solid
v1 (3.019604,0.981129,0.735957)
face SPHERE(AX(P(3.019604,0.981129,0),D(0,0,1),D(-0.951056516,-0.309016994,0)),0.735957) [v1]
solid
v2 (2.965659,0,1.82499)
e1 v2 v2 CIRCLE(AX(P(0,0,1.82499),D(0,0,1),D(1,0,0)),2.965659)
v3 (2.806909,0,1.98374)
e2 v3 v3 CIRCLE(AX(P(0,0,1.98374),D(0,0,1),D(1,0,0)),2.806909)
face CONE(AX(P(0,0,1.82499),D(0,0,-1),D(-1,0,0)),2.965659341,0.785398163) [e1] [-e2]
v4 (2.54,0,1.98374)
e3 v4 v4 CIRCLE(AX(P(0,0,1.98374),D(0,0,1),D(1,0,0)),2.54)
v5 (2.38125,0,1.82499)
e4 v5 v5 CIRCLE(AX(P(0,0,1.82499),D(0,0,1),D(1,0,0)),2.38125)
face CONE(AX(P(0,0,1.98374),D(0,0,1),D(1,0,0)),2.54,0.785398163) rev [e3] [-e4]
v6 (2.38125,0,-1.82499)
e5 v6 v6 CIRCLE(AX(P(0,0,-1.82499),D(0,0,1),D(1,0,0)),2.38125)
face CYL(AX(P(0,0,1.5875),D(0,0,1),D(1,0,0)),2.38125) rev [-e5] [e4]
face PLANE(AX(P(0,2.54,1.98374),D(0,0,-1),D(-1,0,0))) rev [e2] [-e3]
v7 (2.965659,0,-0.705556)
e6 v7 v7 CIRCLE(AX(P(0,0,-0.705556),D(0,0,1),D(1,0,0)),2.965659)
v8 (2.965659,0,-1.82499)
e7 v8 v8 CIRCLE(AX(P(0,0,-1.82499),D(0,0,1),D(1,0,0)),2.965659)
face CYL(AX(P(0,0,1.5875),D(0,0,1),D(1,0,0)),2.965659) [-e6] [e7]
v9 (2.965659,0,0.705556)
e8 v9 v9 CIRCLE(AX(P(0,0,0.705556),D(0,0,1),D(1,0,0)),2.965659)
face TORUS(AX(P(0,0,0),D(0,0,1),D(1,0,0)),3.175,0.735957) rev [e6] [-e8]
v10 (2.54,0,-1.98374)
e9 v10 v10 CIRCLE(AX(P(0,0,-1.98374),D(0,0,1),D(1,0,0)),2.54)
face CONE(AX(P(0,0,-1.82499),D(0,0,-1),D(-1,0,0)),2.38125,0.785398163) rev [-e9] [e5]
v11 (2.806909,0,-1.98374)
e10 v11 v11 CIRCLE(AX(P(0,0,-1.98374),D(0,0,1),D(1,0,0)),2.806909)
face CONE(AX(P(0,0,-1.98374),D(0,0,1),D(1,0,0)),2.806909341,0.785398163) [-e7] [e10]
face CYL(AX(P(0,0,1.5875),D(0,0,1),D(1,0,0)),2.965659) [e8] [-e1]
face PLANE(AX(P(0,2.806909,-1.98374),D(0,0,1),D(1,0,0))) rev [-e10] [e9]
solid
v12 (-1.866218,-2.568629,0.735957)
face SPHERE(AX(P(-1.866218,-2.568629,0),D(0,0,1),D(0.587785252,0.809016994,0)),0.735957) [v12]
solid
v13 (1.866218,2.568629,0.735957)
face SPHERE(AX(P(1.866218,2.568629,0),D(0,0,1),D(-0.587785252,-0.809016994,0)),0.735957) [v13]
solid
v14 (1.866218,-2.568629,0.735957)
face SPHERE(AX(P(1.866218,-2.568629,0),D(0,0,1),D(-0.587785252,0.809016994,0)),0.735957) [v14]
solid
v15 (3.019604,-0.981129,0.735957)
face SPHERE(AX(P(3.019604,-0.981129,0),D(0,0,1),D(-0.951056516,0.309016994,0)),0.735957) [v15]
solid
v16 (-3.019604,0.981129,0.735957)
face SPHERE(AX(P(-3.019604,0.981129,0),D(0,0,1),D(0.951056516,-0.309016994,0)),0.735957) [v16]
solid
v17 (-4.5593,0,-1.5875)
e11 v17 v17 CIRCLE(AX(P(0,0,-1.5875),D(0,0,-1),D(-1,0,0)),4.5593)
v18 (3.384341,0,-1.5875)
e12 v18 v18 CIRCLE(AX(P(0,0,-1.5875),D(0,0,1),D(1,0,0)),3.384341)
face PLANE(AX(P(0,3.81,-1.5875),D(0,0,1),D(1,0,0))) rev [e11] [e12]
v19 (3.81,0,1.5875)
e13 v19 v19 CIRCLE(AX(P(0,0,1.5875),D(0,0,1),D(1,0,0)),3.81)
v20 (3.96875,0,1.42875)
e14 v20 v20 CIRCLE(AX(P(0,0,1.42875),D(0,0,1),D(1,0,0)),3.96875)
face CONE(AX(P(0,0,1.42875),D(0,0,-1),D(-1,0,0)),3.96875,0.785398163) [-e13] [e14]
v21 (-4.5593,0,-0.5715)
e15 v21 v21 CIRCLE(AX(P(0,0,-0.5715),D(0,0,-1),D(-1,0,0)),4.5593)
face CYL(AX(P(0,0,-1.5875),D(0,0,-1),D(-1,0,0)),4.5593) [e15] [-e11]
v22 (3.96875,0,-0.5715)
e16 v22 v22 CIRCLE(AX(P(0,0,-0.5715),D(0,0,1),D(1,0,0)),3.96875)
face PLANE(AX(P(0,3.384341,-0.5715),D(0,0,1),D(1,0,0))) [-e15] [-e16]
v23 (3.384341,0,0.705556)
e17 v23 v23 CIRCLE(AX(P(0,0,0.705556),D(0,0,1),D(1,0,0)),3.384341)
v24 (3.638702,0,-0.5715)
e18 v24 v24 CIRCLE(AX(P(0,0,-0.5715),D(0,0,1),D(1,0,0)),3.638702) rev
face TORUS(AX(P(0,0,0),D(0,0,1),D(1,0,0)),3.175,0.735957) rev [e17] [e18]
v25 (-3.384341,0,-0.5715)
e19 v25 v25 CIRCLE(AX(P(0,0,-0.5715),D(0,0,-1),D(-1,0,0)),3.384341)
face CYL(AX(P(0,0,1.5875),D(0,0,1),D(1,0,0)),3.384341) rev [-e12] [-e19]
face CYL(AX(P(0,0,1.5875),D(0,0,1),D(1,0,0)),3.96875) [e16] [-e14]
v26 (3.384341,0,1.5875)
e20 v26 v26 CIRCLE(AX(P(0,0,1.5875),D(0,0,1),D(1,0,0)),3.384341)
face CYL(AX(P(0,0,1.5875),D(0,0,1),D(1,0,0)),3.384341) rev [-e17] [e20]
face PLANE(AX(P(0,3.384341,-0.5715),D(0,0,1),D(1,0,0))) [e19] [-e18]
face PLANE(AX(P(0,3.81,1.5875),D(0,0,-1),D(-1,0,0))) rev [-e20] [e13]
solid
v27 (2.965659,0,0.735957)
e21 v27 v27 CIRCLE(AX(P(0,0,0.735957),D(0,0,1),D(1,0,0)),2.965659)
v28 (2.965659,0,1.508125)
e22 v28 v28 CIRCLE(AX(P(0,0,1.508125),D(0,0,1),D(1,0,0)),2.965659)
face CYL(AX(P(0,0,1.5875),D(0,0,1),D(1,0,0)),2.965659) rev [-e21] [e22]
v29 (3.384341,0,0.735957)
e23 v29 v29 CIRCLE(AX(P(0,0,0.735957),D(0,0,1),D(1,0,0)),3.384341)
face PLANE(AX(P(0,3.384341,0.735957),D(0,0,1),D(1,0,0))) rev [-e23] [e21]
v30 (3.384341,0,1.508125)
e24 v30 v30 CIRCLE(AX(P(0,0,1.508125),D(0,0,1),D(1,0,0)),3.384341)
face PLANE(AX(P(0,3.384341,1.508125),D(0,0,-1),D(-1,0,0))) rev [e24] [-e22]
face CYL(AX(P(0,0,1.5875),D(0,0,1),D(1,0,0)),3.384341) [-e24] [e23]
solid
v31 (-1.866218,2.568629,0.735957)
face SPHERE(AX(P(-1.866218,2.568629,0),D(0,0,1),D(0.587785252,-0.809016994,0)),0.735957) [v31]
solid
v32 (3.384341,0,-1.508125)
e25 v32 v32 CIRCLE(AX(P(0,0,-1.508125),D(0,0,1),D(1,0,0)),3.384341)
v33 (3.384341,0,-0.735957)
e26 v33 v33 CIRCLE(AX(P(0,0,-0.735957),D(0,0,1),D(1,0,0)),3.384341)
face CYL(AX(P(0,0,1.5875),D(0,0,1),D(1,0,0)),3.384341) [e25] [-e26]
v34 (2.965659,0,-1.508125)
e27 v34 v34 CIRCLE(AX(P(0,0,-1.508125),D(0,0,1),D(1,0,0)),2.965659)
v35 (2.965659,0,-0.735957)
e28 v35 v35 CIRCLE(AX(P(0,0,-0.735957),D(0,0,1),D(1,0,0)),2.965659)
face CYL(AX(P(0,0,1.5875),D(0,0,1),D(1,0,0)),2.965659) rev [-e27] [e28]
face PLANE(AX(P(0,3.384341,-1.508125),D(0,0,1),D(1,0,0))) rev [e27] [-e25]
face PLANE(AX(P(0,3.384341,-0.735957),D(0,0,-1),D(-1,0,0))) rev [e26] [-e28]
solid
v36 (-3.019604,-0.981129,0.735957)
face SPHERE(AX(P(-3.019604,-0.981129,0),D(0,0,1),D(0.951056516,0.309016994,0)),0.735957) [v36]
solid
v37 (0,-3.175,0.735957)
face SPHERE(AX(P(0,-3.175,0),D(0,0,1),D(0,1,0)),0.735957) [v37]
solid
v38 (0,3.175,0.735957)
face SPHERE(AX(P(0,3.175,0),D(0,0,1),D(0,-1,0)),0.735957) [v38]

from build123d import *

# Parameters (mm, degrees)
CIRPATTERN1_COUNT = 10
SKETCH5_W         = 0.772168375
SKETCH5_H         = 0.418681318
SKETCH6_W         = 1.016
SKETCH6_H         = 1.174959341


with BuildPart() as part:
    # Sketch1 → Revolve1 (revolve)
    with BuildSketch(Plane(origin=(0, 0, 0), x_dir=(0, 0, -1), z_dir=(1, 0, 0))):
        with BuildLine():
            Line((1.42875, 3.96875), (-1.42875, 3.96875))
            Line((-1.42875, 3.96875), (-1.5875, 3.81))
            Line((-1.5875, 3.81), (-1.5875, 3.384340659))
            Line((-1.5875, 3.384340659), (-0.705555556, 3.384340659))
            ThreePointArc((-0.705555556, 3.384340659), (0, 3.910956625), (0.705555556, 3.384340659))
            Line((0.705555556, 3.384340659), (1.5875, 3.384340659))
            Line((1.5875, 3.384340659), (1.5875, 3.81))
            Line((1.5875, 3.81), (1.42875, 3.96875))
        make_face()
    revolve(axis=Axis((0, 0, 1.5875), (0, 0, -1)))

    # Sketch6 → Revolve6 (revolve)
    with BuildSketch(Plane(origin=(0, 0, 0), x_dir=(0, 0, -1), z_dir=(1, 0, 0))):
        with Locations((1.0795, 3.97182033)):
            Rectangle(SKETCH6_W, SKETCH6_H)
    revolve(axis=Axis((0, 0, -1.5875), (0, 0, 1)))


with BuildPart() as body_2:
    # Sketch3 → Revolve3 (revolve)
    with BuildSketch(Plane(origin=(0, 0, 0), x_dir=(0, 0, -1), z_dir=(1, 0, 0))):
        with BuildLine():
            Line((-1.98374, 2.54), (-1.98374, 2.806909341))
            Line((-1.98374, 2.806909341), (-1.82499, 2.965659341))
            Line((-1.82499, 2.965659341), (-0.705555556, 2.965659341))
            ThreePointArc((-0.705555556, 2.965659341), (0, 2.439043375), (0.705555556, 2.965659341))
            Line((0.705555556, 2.965659341), (1.82499, 2.965659341))
            Line((1.82499, 2.965659341), (1.98374, 2.806909341))
            Line((1.98374, 2.806909341), (1.98374, 2.54))
            Line((1.98374, 2.54), (1.82499, 2.38125))
            Line((1.82499, 2.38125), (-1.82499, 2.38125))
            Line((-1.82499, 2.38125), (-1.98374, 2.54))
        make_face()
    revolve(axis=Axis((0, 0, 1.5875), (0, 0, -1)))


with BuildPart() as body_3:
    # Sketch4 → Revolve4 (revolve)
    with BuildSketch(Plane(origin=(0, 0, 0), x_dir=(0, 0, -1), z_dir=(1, 0, 0))):
        with BuildLine():
            Line((-0.735956625, 3.175), (0.735956625, 3.175))
            ThreePointArc((0.735956625, 3.175), (0, 3.910956625), (-0.735956625, 3.175))
        make_face()
    revolve(axis=Axis((0, 3.175, 0.735956625), (0, 0, -1)))


with BuildPart() as cirpattern1_1:
    # CirPattern1: pattern copy
    add(body_3.part.rotate(Axis((0, 0, -1.5875), (0, 0, 1)), 1 * 360 / CIRPATTERN1_COUNT))


with BuildPart() as cirpattern1_2:
    # CirPattern1: pattern copy
    add(body_3.part.rotate(Axis((0, 0, -1.5875), (0, 0, 1)), 2 * 360 / CIRPATTERN1_COUNT))


with BuildPart() as cirpattern1_3:
    # CirPattern1: pattern copy
    add(body_3.part.rotate(Axis((0, 0, -1.5875), (0, 0, 1)), 3 * 360 / CIRPATTERN1_COUNT))


with BuildPart() as cirpattern1_4:
    # CirPattern1: pattern copy
    add(body_3.part.rotate(Axis((0, 0, -1.5875), (0, 0, 1)), 4 * 360 / CIRPATTERN1_COUNT))


with BuildPart() as cirpattern1_5:
    # CirPattern1: pattern copy
    add(body_3.part.rotate(Axis((0, 0, -1.5875), (0, 0, 1)), 5 * 360 / CIRPATTERN1_COUNT))


with BuildPart() as cirpattern1_6:
    # CirPattern1: pattern copy
    add(body_3.part.rotate(Axis((0, 0, -1.5875), (0, 0, 1)), 6 * 360 / CIRPATTERN1_COUNT))


with BuildPart() as cirpattern1_7:
    # CirPattern1: pattern copy
    add(body_3.part.rotate(Axis((0, 0, -1.5875), (0, 0, 1)), 7 * 360 / CIRPATTERN1_COUNT))


with BuildPart() as cirpattern1_8:
    # CirPattern1: pattern copy
    add(body_3.part.rotate(Axis((0, 0, -1.5875), (0, 0, 1)), 8 * 360 / CIRPATTERN1_COUNT))


with BuildPart() as cirpattern1_9:
    # CirPattern1: pattern copy
    add(body_3.part.rotate(Axis((0, 0, -1.5875), (0, 0, 1)), 9 * 360 / CIRPATTERN1_COUNT))


with BuildPart() as body_13:
    # Sketch5 → Revolve5 (revolve)
    with BuildSketch(Plane(origin=(0, 0, 0), x_dir=(0, 0, -1), z_dir=(1, 0, 0))):
        with Locations((-1.122040813, 3.175)):
            Rectangle(SKETCH5_W, SKETCH5_H)
        with Locations((1.122040813, 3.175)):
            Rectangle(SKETCH5_W, SKETCH5_H)
    revolve(axis=Axis((0, 0, 1.5875), (0, 0, -1)))


solid = Compound([part.part, body_2.part, body_3.part, cirpattern1_1.part, cirpattern1_2.part, cirpattern1_3.part, cirpattern1_4.part, cirpattern1_5.part, cirpattern1_6.part, cirpattern1_7.part, cirpattern1_8.part, cirpattern1_9.part, body_13.part])
